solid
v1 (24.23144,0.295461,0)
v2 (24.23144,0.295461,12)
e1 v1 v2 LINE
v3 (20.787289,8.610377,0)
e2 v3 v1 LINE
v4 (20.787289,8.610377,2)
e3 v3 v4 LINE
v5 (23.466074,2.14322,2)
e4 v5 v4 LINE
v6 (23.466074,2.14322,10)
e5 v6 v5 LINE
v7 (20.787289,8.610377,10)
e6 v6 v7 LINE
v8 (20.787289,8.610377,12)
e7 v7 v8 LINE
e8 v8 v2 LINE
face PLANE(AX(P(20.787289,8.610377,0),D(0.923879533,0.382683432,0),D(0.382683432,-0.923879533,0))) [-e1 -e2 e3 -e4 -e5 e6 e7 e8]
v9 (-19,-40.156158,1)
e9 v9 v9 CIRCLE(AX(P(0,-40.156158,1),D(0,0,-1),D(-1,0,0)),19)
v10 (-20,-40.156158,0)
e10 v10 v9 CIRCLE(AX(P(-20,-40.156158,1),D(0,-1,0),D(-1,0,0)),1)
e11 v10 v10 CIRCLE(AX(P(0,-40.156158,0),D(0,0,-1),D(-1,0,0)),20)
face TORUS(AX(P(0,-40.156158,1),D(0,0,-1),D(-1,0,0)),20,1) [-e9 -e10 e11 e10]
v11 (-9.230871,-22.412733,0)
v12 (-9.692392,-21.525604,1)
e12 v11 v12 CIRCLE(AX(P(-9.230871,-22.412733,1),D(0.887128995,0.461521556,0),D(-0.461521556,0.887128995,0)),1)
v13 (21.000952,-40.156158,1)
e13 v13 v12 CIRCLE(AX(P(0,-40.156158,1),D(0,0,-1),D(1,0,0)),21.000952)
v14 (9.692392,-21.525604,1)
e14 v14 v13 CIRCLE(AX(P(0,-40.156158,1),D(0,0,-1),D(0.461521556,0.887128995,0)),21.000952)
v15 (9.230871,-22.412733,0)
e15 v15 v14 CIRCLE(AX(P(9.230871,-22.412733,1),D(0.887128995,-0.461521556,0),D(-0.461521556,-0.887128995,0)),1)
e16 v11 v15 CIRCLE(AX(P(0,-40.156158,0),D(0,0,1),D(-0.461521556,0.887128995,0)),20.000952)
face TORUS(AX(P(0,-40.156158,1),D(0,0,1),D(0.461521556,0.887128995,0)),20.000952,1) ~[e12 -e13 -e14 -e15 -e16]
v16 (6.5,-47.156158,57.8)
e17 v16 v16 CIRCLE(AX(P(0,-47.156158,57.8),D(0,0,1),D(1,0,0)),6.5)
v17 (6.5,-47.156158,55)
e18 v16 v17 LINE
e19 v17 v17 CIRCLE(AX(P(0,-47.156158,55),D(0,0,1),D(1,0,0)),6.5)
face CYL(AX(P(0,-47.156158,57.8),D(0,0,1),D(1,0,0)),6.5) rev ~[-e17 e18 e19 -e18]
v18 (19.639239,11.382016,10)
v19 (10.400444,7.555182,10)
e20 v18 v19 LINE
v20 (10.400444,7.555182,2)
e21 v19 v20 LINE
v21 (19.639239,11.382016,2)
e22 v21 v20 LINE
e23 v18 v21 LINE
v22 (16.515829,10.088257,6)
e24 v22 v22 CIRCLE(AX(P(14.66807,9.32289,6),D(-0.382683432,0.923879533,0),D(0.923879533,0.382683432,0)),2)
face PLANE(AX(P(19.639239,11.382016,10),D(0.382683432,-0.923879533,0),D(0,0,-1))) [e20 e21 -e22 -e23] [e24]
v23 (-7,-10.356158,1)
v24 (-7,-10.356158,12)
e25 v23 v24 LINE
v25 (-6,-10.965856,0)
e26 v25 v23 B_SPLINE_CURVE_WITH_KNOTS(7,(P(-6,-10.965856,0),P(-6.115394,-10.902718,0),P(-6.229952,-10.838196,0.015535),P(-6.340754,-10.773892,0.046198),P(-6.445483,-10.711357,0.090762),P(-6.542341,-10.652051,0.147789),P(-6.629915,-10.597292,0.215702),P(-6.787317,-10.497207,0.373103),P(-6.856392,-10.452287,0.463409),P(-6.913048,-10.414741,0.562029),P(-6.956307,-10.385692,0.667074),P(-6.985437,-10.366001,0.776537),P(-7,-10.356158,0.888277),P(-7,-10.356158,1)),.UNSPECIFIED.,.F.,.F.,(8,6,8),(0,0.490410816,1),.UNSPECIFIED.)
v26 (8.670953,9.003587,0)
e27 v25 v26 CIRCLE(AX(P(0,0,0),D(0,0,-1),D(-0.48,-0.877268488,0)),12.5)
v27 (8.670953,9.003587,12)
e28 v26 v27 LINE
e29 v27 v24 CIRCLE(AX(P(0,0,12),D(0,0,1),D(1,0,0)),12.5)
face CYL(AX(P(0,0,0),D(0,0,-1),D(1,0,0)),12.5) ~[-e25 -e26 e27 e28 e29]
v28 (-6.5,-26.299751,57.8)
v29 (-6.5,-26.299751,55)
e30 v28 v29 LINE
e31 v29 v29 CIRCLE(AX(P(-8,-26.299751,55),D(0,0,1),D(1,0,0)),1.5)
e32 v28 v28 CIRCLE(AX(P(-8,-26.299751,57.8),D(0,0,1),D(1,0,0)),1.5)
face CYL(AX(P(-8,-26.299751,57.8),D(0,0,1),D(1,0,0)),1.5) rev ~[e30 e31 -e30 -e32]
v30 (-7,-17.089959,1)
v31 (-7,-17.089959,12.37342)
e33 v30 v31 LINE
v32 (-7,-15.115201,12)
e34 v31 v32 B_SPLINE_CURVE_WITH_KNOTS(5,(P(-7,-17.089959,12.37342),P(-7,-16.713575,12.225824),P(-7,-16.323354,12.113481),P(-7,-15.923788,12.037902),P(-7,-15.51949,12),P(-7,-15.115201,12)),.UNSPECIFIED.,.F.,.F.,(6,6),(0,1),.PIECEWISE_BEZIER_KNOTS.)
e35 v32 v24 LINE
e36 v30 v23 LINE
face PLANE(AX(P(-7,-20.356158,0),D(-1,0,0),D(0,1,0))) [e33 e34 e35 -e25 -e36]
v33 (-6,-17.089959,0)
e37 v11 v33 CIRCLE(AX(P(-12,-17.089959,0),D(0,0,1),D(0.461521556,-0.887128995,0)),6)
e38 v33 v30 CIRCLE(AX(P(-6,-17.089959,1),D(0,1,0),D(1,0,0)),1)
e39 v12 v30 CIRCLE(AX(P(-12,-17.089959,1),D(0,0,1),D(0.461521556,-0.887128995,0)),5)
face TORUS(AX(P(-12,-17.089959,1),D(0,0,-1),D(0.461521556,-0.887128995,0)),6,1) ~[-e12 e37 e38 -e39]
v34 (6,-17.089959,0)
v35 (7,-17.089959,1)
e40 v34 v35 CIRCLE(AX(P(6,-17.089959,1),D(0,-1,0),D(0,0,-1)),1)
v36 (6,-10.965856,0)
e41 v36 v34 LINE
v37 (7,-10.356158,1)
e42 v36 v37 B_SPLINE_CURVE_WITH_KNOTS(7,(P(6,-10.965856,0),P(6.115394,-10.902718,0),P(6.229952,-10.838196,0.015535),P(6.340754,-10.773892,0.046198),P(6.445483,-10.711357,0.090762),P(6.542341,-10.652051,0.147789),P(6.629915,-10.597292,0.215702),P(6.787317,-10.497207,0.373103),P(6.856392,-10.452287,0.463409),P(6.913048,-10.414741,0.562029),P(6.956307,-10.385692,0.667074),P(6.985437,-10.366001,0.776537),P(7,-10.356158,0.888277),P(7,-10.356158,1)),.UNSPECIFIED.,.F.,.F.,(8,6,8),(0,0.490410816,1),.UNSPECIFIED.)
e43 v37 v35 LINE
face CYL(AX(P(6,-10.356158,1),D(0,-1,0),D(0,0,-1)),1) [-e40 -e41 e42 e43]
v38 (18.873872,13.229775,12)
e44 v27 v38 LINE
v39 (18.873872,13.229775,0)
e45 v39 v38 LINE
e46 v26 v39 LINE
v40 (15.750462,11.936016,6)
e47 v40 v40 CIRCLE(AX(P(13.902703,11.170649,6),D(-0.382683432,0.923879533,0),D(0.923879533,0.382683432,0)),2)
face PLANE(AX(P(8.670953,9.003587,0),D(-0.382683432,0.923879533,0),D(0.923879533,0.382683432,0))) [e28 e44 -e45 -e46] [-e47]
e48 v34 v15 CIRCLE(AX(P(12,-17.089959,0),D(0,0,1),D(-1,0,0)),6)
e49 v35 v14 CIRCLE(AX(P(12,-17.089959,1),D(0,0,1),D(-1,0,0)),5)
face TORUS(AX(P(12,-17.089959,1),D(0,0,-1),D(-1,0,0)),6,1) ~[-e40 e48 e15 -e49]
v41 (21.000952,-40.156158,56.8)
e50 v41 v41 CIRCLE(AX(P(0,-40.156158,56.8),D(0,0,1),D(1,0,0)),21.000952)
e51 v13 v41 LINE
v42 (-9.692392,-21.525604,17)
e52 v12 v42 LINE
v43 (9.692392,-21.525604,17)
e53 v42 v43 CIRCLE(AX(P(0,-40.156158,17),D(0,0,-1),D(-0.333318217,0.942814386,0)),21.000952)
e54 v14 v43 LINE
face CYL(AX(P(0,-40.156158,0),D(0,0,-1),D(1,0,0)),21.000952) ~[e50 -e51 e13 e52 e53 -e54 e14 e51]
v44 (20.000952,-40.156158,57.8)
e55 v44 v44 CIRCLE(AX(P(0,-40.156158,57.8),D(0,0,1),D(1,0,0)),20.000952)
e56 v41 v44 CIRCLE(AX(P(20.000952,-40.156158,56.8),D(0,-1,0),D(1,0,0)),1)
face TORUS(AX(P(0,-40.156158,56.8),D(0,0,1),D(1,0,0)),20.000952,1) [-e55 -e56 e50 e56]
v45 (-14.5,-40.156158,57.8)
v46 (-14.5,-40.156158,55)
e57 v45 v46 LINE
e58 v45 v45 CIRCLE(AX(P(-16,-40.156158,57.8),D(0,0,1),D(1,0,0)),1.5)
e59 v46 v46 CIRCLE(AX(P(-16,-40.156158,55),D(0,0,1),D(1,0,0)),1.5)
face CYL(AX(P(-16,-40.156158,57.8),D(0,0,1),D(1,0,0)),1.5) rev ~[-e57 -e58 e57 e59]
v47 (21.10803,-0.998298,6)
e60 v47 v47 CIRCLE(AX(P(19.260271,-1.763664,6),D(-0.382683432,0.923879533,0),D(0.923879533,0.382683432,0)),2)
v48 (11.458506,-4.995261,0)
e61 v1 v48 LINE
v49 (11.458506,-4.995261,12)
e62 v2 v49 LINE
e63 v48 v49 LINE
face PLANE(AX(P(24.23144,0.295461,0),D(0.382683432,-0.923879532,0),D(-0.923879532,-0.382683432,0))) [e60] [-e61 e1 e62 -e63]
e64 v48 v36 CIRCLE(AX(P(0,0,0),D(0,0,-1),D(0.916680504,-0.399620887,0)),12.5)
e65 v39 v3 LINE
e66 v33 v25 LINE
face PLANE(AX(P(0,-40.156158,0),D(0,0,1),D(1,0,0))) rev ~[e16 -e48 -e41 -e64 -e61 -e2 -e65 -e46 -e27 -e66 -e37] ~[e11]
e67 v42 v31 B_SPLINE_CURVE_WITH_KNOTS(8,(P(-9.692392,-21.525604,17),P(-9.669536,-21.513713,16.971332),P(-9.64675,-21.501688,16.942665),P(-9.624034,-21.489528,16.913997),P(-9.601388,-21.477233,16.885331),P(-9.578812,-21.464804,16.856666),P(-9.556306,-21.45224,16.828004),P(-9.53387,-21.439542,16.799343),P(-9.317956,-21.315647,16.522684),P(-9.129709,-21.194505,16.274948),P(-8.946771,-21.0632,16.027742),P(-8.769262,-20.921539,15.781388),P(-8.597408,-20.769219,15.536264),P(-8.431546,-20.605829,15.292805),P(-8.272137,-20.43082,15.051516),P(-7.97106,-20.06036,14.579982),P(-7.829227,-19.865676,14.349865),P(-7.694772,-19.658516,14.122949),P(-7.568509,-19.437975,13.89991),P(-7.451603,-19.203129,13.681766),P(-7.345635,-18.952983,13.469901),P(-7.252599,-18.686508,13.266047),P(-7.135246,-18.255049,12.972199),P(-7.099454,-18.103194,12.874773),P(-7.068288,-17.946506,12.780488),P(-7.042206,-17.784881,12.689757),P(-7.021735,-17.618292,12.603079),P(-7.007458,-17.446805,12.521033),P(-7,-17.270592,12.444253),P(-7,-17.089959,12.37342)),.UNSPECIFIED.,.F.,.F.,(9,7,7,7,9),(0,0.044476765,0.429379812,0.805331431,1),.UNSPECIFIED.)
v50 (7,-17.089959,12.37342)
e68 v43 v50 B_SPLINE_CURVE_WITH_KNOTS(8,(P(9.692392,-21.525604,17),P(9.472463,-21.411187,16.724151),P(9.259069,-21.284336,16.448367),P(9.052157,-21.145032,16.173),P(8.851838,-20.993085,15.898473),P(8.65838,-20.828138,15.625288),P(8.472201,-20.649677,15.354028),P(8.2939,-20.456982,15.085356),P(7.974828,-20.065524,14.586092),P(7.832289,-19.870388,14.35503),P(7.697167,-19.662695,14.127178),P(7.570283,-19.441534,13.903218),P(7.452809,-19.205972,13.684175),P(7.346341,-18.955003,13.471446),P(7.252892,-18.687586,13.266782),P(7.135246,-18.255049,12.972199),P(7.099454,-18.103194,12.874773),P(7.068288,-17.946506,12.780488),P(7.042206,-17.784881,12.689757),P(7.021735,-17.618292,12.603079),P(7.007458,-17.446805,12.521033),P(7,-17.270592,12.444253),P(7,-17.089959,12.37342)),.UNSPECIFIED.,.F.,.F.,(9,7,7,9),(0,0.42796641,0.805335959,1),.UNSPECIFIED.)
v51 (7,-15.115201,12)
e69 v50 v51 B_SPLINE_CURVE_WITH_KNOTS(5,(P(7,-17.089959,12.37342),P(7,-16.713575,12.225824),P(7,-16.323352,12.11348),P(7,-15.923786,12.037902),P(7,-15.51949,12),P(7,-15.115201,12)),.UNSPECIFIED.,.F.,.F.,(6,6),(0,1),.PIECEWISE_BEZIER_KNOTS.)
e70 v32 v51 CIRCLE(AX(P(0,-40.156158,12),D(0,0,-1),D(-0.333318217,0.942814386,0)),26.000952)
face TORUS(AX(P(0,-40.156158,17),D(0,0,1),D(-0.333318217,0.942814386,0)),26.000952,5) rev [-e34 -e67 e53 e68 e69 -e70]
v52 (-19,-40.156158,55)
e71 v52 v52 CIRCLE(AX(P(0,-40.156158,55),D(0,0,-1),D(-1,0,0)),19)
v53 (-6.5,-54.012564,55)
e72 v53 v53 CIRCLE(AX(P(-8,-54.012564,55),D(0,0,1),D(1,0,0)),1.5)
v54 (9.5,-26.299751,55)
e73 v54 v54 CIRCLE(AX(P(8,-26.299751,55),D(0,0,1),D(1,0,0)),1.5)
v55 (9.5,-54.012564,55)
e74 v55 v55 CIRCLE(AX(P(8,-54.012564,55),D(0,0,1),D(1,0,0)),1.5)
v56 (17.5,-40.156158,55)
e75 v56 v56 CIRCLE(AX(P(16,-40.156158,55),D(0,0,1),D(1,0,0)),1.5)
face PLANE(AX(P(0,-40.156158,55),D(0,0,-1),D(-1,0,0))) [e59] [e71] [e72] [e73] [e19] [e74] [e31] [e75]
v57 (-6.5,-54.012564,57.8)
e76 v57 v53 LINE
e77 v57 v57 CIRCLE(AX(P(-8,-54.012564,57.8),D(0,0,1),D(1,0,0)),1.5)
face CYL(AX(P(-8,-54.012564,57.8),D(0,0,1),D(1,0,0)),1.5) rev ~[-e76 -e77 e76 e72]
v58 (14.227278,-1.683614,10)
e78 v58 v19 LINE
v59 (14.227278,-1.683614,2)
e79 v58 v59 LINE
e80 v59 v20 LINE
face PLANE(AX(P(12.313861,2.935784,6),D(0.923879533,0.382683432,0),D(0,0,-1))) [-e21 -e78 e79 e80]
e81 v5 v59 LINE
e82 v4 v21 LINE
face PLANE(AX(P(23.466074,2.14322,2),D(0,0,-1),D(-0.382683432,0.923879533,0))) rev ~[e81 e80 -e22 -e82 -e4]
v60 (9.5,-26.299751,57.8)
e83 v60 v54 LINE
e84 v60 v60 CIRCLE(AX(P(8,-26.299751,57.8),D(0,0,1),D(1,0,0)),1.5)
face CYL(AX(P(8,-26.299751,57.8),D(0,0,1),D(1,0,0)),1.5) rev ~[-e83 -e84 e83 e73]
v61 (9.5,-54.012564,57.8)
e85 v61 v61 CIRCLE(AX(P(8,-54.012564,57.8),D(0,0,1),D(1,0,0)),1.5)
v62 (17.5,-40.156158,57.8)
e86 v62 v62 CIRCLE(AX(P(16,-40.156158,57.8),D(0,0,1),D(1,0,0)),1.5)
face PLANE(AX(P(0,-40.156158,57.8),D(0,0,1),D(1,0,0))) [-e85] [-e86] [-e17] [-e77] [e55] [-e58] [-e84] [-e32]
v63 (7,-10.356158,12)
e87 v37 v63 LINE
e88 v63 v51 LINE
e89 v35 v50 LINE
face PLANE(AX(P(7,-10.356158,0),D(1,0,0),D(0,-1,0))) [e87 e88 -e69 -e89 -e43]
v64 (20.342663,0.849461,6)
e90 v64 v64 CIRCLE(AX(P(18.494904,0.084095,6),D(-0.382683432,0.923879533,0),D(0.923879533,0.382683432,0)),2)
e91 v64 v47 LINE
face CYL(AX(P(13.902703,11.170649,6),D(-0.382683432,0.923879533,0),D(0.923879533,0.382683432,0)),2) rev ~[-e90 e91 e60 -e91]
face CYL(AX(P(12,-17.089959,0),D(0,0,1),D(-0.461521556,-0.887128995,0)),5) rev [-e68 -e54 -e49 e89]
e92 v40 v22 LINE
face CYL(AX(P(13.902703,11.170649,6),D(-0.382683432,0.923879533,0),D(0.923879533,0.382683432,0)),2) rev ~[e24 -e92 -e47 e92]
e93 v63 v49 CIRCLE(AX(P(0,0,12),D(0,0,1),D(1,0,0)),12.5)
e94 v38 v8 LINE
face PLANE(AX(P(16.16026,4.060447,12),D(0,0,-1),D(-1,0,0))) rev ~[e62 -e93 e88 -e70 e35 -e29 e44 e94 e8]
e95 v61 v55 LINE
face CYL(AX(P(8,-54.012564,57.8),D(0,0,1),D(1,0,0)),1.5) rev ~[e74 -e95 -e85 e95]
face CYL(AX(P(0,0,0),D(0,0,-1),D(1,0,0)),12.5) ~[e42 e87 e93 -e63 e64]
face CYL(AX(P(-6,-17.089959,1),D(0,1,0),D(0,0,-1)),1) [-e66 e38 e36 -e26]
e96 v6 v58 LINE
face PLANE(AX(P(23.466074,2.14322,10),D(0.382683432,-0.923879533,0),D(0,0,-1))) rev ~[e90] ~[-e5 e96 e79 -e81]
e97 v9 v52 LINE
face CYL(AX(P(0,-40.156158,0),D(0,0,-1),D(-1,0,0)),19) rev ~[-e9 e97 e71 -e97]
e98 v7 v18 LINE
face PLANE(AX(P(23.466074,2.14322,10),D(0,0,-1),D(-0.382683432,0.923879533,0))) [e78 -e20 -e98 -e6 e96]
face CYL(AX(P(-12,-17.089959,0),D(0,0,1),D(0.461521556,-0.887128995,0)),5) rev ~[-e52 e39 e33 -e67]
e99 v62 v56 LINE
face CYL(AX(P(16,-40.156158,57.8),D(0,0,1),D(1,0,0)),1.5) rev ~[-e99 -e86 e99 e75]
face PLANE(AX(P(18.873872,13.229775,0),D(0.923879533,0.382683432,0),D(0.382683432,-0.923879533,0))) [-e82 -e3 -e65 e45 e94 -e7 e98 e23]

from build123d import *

# Parameters (mm, degrees)
SKETCH1_R           = 12.5
BOSS_EXTRUDE2_DEPTH = 12
BOSS_EXTRUDE3_DEPTH = 12
SKETCH3_W           = 8
SKETCH3_H           = 10
CUT_EXTRUDE1_DEPTH  = 10
SKETCH4_R           = 2
CUT_EXTRUDE2_DEPTH  = 34.07960813
SKETCH5_R           = 21.000952359
BOSS_EXTRUDE4_DEPTH = 57.8
SKETCH6_R           = 19
CUT_EXTRUDE3_DEPTH  = 55
SKETCH7_R           = 6.5
SKETCH7_R_2         = 1.5
CUT_EXTRUDE4_DEPTH  = 58.8
FILLET1_R           = 5
FILLET2_R           = 1


with BuildPart() as part:
    # Sketch1 → Boss-Extrude2 (new body)
    with BuildSketch(Plane.XY):
        Circle(SKETCH1_R)
    extrude(amount=BOSS_EXTRUDE2_DEPTH)

    # Sketch2 → Boss-Extrude3 (add)
    with BuildSketch(Plane.XY):
        with BuildLine():
            Line((24.231440373, 0.295461436), (11.458506302, -4.995261088))
            ThreePointArc((11.458506302, -4.995261088), (12.259311424, 2.441164357), (8.670952565, 9.003587153))
            Line((8.670952565, 9.003587153), (18.87387232, 13.229774891))
            Line((18.87387232, 13.229774891), (20.787289482, 8.610377228))
            Line((20.787289482, 8.610377228), (24.231440373, 0.295461436))
        make_face()
        with BuildLine():
            Line((7, -10.356157589), (7, -20.356157589))
            Line((7, -20.356157589), (-7, -20.356157589))
            Line((-7, -20.356157589), (-7, -10.356157589))
            ThreePointArc((-7, -10.356157589), (0, -12.5), (7, -10.356157589))
        make_face()
    extrude(amount=BOSS_EXTRUDE3_DEPTH)

    # Sketch3 → Cut-Extrude1 (cut)
    with BuildSketch(Plane(origin=(20.787289482, 8.610377228, 0), x_dir=(0, 0, -1), z_dir=(0.923879533, 0.382683432, 0))):
        with Locations((-6, -2)):
            Rectangle(SKETCH3_W, SKETCH3_H)
    extrude(amount=-CUT_EXTRUDE1_DEPTH, mode=Mode.SUBTRACT)

    # Sketch4 → Cut-Extrude2 (cut, through all)
    with BuildSketch(Plane(origin=(-1.913417162, 4.619397663, 0), x_dir=(0.923879533, 0.382683432, 0), z_dir=(-0.382683432, 0.923879533, 0))):
        with Locations((17.119244795, -6)):
            Circle(SKETCH4_R)
    extrude(amount=-CUT_EXTRUDE2_DEPTH, mode=Mode.SUBTRACT)

    # Sketch5 → Boss-Extrude4 (add)
    with BuildSketch(Plane.XY):
        with Locations((0, -40.156157589)):
            Circle(SKETCH5_R)
    extrude(amount=BOSS_EXTRUDE4_DEPTH)

    # Sketch6 → Cut-Extrude3 (cut)
    with BuildSketch(Plane(origin=(0, 0, 0), x_dir=(-1, 0, 0), z_dir=(0, 0, -1))):
        with Locations((0, -40.156157589)):
            Circle(SKETCH6_R)
    extrude(amount=-CUT_EXTRUDE3_DEPTH, mode=Mode.SUBTRACT)

    # Sketch7 → Cut-Extrude4 (cut, through all)
    with BuildSketch(Plane.XY.offset(57.8)):
        with Locations((0, -47.156157589)):
            Circle(SKETCH7_R)
        with Locations((-16, -40.156157589)):
            Circle(SKETCH7_R_2)
        with Locations((-8, -54.012564049)):
            Circle(SKETCH7_R_2)
        with Locations((8, -54.012564049)):
            Circle(SKETCH7_R_2)
        with Locations((16, -40.156157589)):
            Circle(SKETCH7_R_2)
        with Locations((8, -26.299751128)):
            Circle(SKETCH7_R_2)
        with Locations((-8, -26.299751128)):
            Circle(SKETCH7_R_2)
    extrude(amount=-CUT_EXTRUDE4_DEPTH, mode=Mode.SUBTRACT)

    # Fillet1
    fillet1_edges = [part.edges().sort_by_distance(p)[0] for p in [
        (-7, -20.356157589, 6),
        (7, -20.356157589, 6),
        (0, -19.155205229, 12),
    ]]
    fillet(fillet1_edges, radius=FILLET1_R)

    # Fillet2
    fillet2_edges = [part.edges().sort_by_distance(p)[0] for p in [
        (7, -13.723058226, 0),
        (-10.897030164, -58.108726586, 0),
        (7.725772648, -19.684372198, 0),
        (-7.725772648, -19.684372198, 0),
        (-7, -13.723058226, 0),
        (-21.000952359, -40.156157589, 57.8),
        (19, -40.156157589, 0),
    ]]
    fillet(fillet2_edges, radius=FILLET2_R)


solid = part.part
